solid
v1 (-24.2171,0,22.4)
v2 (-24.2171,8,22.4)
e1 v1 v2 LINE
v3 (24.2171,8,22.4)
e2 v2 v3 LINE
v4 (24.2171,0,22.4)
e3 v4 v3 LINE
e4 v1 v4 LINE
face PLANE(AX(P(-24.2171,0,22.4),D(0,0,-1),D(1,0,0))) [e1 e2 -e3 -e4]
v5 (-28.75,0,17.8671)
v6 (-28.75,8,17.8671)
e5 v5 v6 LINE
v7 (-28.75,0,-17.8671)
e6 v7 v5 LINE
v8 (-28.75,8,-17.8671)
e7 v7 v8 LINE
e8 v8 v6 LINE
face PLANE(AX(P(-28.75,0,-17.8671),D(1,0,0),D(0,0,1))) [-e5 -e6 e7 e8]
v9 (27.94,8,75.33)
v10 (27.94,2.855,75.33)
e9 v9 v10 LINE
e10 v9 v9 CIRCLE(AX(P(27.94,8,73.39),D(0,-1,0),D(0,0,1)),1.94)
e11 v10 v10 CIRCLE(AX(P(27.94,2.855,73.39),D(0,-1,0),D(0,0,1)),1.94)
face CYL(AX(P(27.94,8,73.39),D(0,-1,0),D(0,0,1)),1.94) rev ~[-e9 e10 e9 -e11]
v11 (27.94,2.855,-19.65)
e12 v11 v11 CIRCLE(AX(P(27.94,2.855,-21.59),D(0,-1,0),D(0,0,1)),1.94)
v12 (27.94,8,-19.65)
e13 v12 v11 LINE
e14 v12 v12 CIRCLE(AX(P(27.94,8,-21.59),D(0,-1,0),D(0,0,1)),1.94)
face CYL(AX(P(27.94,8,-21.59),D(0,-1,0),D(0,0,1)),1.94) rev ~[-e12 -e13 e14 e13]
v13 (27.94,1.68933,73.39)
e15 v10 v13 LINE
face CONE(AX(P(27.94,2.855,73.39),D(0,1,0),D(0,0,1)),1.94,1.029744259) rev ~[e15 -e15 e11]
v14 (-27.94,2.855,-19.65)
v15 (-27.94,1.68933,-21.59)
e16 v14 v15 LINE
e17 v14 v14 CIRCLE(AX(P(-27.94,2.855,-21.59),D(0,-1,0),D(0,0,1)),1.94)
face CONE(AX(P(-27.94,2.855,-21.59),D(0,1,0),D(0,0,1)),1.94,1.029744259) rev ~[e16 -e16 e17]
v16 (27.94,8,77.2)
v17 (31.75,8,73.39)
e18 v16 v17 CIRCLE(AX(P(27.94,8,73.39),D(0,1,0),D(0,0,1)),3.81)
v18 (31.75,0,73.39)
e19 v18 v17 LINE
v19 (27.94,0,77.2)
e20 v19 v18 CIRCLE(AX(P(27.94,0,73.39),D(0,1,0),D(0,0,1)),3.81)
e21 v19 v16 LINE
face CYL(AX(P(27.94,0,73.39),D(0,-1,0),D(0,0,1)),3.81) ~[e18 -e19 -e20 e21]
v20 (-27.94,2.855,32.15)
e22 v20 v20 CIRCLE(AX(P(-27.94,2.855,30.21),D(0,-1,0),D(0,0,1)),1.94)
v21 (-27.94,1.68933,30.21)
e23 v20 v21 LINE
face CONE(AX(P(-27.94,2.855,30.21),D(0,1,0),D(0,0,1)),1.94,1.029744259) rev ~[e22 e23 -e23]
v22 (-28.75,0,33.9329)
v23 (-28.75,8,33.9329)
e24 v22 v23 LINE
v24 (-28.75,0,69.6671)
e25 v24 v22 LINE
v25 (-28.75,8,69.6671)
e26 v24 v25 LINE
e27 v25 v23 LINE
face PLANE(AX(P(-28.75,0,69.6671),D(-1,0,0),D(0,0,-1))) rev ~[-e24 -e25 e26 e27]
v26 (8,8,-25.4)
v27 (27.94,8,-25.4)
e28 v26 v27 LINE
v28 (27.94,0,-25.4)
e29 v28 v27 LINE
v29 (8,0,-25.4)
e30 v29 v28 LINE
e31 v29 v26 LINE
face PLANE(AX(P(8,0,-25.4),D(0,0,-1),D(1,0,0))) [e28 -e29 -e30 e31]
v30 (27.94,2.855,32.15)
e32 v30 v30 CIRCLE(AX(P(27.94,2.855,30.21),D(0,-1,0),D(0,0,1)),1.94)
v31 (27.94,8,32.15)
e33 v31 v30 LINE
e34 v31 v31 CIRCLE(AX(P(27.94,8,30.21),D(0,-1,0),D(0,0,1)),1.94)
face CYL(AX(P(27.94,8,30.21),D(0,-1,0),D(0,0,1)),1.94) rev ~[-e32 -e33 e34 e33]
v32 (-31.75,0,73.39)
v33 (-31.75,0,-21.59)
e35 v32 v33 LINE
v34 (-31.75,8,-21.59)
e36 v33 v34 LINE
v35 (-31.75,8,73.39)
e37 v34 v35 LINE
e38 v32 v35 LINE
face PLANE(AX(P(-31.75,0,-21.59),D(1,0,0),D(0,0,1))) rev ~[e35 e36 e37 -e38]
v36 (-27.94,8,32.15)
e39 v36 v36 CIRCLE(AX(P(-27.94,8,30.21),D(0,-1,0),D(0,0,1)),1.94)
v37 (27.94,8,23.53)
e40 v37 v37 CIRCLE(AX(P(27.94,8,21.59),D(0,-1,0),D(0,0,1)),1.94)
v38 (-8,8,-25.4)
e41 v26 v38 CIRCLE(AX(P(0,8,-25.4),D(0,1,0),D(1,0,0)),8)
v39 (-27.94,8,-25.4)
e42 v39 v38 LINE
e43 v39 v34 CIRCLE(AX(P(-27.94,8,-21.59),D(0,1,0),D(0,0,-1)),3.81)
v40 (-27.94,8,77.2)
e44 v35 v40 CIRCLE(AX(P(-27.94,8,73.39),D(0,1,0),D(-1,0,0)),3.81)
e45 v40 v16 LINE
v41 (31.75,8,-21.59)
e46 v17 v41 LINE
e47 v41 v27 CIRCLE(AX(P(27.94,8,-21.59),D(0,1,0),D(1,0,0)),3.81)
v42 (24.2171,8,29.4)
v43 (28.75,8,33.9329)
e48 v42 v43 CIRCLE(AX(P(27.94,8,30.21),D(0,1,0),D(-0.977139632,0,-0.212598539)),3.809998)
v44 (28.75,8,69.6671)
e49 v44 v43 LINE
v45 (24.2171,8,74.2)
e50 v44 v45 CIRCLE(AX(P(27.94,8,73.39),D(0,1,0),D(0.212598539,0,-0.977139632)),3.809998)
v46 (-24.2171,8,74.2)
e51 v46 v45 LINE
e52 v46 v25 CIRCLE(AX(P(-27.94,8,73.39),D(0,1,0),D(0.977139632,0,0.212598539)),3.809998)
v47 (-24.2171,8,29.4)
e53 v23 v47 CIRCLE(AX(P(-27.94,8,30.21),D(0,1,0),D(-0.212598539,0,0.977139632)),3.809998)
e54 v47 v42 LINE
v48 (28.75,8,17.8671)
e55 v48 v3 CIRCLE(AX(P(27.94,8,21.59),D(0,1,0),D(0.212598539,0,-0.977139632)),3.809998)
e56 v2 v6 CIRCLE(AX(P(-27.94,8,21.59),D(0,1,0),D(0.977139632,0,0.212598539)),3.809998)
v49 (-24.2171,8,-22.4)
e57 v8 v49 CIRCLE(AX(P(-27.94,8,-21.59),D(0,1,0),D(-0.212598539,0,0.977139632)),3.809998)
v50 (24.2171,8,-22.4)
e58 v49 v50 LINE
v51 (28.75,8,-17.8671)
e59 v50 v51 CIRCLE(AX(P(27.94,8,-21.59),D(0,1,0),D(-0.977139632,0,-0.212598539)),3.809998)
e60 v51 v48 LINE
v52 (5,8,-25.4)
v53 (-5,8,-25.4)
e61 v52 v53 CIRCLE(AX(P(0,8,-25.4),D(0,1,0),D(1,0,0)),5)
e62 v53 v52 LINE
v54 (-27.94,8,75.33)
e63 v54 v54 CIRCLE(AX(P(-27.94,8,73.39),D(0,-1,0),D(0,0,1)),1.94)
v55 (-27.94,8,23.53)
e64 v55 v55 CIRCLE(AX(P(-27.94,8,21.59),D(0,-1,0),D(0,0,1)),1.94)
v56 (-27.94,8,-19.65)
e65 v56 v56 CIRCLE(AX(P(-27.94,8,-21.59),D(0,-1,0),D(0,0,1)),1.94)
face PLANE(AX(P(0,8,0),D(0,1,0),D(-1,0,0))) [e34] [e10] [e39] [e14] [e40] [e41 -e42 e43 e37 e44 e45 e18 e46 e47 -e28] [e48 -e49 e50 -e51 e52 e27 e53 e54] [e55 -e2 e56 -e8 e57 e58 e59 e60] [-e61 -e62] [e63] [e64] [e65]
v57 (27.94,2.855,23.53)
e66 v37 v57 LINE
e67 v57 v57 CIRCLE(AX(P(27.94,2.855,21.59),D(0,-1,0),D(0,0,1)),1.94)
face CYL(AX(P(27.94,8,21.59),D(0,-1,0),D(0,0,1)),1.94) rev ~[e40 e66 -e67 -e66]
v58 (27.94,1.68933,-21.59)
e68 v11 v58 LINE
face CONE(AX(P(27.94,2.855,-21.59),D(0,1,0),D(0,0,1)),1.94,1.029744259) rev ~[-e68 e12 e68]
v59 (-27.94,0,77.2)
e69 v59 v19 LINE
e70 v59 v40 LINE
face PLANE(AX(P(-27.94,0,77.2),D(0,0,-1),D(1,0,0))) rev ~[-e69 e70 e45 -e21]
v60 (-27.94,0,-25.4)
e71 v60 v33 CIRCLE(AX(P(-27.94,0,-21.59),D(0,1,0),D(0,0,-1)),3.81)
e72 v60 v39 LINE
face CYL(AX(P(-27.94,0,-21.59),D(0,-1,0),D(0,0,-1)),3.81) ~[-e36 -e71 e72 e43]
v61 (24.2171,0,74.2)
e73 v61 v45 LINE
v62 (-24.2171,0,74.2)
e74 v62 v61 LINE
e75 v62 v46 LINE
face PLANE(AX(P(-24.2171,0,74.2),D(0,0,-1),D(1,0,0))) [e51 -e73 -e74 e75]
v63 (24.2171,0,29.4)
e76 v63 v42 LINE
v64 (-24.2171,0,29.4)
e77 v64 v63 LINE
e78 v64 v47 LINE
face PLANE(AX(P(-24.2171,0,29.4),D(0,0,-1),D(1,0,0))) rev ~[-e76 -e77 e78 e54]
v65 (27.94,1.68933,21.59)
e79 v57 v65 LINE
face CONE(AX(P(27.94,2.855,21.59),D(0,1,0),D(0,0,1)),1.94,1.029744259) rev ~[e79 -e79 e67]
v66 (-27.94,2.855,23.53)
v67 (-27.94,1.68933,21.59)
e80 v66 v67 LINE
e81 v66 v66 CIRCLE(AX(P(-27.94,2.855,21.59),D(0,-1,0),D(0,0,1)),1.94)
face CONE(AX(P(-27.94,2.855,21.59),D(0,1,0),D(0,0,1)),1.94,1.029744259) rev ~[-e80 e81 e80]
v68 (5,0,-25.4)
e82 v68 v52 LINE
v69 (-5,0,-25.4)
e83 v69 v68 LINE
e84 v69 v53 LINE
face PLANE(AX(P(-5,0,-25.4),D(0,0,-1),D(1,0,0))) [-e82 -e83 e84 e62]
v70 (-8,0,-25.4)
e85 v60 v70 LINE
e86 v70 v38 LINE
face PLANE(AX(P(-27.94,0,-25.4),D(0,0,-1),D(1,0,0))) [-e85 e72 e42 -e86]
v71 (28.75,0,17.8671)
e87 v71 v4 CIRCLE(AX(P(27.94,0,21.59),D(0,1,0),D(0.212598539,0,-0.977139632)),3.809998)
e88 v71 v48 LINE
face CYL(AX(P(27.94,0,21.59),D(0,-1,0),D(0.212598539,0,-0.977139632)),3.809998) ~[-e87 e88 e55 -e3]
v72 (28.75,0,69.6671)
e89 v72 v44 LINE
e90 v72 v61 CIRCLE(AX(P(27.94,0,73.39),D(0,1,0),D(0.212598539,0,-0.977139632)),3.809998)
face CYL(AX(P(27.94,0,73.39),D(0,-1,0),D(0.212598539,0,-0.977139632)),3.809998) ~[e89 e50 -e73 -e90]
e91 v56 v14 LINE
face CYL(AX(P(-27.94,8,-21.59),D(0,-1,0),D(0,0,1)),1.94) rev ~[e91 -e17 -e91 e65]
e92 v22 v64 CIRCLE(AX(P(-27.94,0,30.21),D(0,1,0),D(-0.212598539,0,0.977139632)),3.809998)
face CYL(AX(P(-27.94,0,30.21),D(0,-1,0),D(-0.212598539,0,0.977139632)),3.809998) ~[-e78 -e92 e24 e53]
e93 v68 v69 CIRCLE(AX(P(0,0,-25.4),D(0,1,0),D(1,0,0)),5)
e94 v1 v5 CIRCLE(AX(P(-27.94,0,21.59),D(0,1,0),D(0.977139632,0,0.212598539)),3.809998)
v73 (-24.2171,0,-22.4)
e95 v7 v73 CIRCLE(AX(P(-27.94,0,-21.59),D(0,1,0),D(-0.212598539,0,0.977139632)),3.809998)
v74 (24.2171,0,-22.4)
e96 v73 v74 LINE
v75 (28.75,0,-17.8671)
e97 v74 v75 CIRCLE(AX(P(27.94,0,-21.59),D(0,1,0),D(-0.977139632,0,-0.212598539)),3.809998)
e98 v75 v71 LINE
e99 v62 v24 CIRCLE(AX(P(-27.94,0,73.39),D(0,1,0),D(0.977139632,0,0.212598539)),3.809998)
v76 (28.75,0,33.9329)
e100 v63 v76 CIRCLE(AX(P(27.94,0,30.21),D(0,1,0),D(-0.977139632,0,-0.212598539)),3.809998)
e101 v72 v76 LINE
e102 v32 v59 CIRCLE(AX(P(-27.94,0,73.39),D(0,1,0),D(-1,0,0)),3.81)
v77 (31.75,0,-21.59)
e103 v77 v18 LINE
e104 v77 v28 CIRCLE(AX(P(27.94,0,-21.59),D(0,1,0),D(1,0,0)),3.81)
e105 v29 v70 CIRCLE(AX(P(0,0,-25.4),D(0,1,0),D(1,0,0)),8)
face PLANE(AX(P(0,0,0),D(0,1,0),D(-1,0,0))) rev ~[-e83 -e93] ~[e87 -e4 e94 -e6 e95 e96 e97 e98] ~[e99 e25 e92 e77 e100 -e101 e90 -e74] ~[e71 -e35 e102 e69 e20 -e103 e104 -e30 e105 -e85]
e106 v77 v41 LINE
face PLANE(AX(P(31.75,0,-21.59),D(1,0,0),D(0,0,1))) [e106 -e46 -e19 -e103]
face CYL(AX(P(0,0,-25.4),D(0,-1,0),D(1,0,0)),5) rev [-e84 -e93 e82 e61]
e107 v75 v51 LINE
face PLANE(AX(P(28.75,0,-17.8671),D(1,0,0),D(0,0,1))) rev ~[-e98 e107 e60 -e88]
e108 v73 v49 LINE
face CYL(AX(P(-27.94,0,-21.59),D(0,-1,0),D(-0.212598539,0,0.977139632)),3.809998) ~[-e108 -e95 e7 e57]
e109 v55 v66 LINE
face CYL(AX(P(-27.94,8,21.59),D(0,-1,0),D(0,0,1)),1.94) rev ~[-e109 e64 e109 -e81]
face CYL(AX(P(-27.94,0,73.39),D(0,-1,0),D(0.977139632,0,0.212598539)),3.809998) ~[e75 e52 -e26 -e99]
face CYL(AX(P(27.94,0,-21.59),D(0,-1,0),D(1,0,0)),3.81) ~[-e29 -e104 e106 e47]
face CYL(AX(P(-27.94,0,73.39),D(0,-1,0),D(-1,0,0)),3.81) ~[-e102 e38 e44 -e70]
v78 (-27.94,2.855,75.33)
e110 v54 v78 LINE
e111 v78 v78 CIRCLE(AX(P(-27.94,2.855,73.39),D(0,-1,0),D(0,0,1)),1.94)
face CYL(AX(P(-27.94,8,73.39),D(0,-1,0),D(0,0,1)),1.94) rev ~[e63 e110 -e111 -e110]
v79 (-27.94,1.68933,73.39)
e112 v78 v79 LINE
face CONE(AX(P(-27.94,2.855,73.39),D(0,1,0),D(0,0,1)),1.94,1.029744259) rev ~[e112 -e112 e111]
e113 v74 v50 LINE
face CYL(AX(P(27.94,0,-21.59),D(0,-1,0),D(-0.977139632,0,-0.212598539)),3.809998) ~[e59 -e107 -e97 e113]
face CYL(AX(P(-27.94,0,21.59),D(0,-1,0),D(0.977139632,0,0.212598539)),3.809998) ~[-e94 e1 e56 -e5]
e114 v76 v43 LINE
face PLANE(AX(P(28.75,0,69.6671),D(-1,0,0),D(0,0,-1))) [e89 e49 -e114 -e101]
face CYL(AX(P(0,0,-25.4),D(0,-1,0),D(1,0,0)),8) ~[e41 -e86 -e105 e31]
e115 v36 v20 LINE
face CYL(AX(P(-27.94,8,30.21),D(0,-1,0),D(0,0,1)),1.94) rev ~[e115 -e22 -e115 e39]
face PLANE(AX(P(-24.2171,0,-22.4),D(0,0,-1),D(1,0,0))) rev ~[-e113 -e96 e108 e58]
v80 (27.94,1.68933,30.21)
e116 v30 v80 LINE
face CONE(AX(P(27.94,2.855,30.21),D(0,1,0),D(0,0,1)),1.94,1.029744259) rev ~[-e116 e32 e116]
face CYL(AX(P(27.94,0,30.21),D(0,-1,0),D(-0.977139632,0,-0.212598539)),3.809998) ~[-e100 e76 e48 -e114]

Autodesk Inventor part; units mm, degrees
ref_plane "YZ Plane" through (0, 0, 0) normal (1, 0, 0) x (0, 1, 0)
ref_plane "XZ Plane" through (0, 0, 0) normal (0, 1, 0) x (-1, 0, 0)
ref_plane "XY Plane" through (0, 0, 0) normal (0, 0, 1) x (1, 0, 0)
sketch "Sketch1" plane through (0, 0, 0) normal (0, 1, 0) x (-1, 0, 0)
  circle A0 centre (27.94, -21.59) radius 1.94 construction
  line L0 (3.8945, 0) -> (-7.0745, 0) construction
  line L1 (0, -4.534) -> (0, 5.5912) construction
  circle A1 centre (-27.94, -21.59) radius 1.94 construction
  circle A2 centre (27.94, 21.59) radius 1.94 construction
  circle A3 centre (-27.94, 21.59) radius 1.94 construction
  line L2 (27.94, -25.4) -> (-27.94, -25.4)
  line L3 (31.75, 25.9) -> (-31.75, 25.9) construction
  line L4 (31.75, -21.59) -> (31.75, 25.9)
  line L5 (-31.75, -21.59) -> (-31.75, 25.9)
  line L6 (24.2171, -22.4) -> (-24.2171, -22.4)
  line L7 (24.2171, 22.4) -> (-24.2171, 22.4)
  line L8 (28.75, -17.8671) -> (28.75, 17.8671)
  line L9 (-28.75, -17.8671) -> (-28.75, 17.8671)
  arc A4 (-24.2171, -22.4) -> (-28.75, -17.8671) centre (-27.94, -21.59) ccw
  arc A5 (-31.75, -21.59) -> (-27.94, -25.4) centre (-27.94, -21.59) ccw
  arc A6 (27.94, -25.4) -> (31.75, -21.59) centre (27.94, -21.59) ccw
  arc A7 (28.75, -17.8671) -> (24.2171, -22.4) centre (27.94, -21.59) ccw
  arc A8 (-28.75, 17.8671) -> (-24.2171, 22.4) centre (-27.94, 21.59) ccw
  arc A9 (24.2171, 22.4) -> (28.75, 17.8671) centre (27.94, 21.59) ccw
  circle A10 centre (27.94, 73.39) radius 1.94 construction
  circle A11 centre (-27.94, 73.39) radius 1.94 construction
  circle A12 centre (27.94, 30.21) radius 1.94 construction
  circle A13 centre (-27.94, 30.21) radius 1.94 construction
  line L10 (27.94, 77.2) -> (-27.94, 77.2)
  line L11 (31.75, 73.39) -> (31.75, 25.9)
  line L12 (-31.75, 73.39) -> (-31.75, 25.9)
  line L13 (24.2171, 74.2) -> (-24.2171, 74.2)
  line L14 (24.2171, 29.4) -> (-24.2171, 29.4)
  line L15 (28.75, 69.6671) -> (28.75, 33.9329)
  line L16 (-28.75, 69.6671) -> (-28.75, 33.9329)
  arc A14 (-28.75, 69.6671) -> (-24.2171, 74.2) centre (-27.94, 73.39) ccw
  arc A15 (-27.94, 77.2) -> (-31.75, 73.39) centre (-27.94, 73.39) ccw
  arc A16 (31.75, 73.39) -> (27.94, 77.2) centre (27.94, 73.39) ccw
  arc A17 (24.2171, 74.2) -> (28.75, 69.6671) centre (27.94, 73.39) ccw
  arc A18 (-24.2171, 29.4) -> (-28.75, 33.9329) centre (-27.94, 30.21) ccw
  arc A19 (28.75, 33.9329) -> (24.2171, 29.4) centre (27.94, 30.21) ccw
  arc A20 (-8, -25.4) -> (8, -25.4) centre (0, -25.4) ccw
  arc A21 (-5, -25.4) -> (5, -25.4) centre (0, -25.4) ccw
  point P0 (0, 0)
  dimension "d0" = 3.88
  dimension "d1" = 27.94
  dimension "d2" = 21.59
  dimension "d5" = 55.88
  dimension "d8" = 43.18
  dimension "d11" = 25.4
  dimension "d12" = 31.75
  dimension "d13" = 3
  dimension "d14" = 3
  dimension "d16" = 3.5
  dimension "d17" = 8
  dimension "d18" = 5
extrude "Extrusion1" add sketch "Sketch1" along normal blind 8 contours L2 A5 L5 L12 A15 L10 A16 L11 L4 A6 | A20 L2 A21
sketch "Sketch2" plane through (0, 8, 0) normal (0, 1, 0) x (1, 0, 0)
  line L0 (-31.75, 21.59) -> (-31.75, -73.39) projected
  line L1 (-8, 25.4) -> (-27.94, 25.4) projected
  point P0 (0, 0)
  point P1 (-27.94, 21.59)
  dimension "d28" = 3.81
  dimension "d29" = 3.81
hole "Hole1" at (-27.94, 8, -21.59) direction (0, -1, 0) diameter 3.88 depth 5.145 tip angle 118
pattern_linear "Rectangular Pattern1" count 2 spacing 55.88 along (1, 0, 0) count 2 spacing 43.18 along (0, 0, 1) of "Hole1"
pattern_linear "Rectangular Pattern2" count 2 spacing 51.8 along (0, 0, 1) of "Hole1", "Rectangular Pattern1"
properties part number "balloonMount_x2"
